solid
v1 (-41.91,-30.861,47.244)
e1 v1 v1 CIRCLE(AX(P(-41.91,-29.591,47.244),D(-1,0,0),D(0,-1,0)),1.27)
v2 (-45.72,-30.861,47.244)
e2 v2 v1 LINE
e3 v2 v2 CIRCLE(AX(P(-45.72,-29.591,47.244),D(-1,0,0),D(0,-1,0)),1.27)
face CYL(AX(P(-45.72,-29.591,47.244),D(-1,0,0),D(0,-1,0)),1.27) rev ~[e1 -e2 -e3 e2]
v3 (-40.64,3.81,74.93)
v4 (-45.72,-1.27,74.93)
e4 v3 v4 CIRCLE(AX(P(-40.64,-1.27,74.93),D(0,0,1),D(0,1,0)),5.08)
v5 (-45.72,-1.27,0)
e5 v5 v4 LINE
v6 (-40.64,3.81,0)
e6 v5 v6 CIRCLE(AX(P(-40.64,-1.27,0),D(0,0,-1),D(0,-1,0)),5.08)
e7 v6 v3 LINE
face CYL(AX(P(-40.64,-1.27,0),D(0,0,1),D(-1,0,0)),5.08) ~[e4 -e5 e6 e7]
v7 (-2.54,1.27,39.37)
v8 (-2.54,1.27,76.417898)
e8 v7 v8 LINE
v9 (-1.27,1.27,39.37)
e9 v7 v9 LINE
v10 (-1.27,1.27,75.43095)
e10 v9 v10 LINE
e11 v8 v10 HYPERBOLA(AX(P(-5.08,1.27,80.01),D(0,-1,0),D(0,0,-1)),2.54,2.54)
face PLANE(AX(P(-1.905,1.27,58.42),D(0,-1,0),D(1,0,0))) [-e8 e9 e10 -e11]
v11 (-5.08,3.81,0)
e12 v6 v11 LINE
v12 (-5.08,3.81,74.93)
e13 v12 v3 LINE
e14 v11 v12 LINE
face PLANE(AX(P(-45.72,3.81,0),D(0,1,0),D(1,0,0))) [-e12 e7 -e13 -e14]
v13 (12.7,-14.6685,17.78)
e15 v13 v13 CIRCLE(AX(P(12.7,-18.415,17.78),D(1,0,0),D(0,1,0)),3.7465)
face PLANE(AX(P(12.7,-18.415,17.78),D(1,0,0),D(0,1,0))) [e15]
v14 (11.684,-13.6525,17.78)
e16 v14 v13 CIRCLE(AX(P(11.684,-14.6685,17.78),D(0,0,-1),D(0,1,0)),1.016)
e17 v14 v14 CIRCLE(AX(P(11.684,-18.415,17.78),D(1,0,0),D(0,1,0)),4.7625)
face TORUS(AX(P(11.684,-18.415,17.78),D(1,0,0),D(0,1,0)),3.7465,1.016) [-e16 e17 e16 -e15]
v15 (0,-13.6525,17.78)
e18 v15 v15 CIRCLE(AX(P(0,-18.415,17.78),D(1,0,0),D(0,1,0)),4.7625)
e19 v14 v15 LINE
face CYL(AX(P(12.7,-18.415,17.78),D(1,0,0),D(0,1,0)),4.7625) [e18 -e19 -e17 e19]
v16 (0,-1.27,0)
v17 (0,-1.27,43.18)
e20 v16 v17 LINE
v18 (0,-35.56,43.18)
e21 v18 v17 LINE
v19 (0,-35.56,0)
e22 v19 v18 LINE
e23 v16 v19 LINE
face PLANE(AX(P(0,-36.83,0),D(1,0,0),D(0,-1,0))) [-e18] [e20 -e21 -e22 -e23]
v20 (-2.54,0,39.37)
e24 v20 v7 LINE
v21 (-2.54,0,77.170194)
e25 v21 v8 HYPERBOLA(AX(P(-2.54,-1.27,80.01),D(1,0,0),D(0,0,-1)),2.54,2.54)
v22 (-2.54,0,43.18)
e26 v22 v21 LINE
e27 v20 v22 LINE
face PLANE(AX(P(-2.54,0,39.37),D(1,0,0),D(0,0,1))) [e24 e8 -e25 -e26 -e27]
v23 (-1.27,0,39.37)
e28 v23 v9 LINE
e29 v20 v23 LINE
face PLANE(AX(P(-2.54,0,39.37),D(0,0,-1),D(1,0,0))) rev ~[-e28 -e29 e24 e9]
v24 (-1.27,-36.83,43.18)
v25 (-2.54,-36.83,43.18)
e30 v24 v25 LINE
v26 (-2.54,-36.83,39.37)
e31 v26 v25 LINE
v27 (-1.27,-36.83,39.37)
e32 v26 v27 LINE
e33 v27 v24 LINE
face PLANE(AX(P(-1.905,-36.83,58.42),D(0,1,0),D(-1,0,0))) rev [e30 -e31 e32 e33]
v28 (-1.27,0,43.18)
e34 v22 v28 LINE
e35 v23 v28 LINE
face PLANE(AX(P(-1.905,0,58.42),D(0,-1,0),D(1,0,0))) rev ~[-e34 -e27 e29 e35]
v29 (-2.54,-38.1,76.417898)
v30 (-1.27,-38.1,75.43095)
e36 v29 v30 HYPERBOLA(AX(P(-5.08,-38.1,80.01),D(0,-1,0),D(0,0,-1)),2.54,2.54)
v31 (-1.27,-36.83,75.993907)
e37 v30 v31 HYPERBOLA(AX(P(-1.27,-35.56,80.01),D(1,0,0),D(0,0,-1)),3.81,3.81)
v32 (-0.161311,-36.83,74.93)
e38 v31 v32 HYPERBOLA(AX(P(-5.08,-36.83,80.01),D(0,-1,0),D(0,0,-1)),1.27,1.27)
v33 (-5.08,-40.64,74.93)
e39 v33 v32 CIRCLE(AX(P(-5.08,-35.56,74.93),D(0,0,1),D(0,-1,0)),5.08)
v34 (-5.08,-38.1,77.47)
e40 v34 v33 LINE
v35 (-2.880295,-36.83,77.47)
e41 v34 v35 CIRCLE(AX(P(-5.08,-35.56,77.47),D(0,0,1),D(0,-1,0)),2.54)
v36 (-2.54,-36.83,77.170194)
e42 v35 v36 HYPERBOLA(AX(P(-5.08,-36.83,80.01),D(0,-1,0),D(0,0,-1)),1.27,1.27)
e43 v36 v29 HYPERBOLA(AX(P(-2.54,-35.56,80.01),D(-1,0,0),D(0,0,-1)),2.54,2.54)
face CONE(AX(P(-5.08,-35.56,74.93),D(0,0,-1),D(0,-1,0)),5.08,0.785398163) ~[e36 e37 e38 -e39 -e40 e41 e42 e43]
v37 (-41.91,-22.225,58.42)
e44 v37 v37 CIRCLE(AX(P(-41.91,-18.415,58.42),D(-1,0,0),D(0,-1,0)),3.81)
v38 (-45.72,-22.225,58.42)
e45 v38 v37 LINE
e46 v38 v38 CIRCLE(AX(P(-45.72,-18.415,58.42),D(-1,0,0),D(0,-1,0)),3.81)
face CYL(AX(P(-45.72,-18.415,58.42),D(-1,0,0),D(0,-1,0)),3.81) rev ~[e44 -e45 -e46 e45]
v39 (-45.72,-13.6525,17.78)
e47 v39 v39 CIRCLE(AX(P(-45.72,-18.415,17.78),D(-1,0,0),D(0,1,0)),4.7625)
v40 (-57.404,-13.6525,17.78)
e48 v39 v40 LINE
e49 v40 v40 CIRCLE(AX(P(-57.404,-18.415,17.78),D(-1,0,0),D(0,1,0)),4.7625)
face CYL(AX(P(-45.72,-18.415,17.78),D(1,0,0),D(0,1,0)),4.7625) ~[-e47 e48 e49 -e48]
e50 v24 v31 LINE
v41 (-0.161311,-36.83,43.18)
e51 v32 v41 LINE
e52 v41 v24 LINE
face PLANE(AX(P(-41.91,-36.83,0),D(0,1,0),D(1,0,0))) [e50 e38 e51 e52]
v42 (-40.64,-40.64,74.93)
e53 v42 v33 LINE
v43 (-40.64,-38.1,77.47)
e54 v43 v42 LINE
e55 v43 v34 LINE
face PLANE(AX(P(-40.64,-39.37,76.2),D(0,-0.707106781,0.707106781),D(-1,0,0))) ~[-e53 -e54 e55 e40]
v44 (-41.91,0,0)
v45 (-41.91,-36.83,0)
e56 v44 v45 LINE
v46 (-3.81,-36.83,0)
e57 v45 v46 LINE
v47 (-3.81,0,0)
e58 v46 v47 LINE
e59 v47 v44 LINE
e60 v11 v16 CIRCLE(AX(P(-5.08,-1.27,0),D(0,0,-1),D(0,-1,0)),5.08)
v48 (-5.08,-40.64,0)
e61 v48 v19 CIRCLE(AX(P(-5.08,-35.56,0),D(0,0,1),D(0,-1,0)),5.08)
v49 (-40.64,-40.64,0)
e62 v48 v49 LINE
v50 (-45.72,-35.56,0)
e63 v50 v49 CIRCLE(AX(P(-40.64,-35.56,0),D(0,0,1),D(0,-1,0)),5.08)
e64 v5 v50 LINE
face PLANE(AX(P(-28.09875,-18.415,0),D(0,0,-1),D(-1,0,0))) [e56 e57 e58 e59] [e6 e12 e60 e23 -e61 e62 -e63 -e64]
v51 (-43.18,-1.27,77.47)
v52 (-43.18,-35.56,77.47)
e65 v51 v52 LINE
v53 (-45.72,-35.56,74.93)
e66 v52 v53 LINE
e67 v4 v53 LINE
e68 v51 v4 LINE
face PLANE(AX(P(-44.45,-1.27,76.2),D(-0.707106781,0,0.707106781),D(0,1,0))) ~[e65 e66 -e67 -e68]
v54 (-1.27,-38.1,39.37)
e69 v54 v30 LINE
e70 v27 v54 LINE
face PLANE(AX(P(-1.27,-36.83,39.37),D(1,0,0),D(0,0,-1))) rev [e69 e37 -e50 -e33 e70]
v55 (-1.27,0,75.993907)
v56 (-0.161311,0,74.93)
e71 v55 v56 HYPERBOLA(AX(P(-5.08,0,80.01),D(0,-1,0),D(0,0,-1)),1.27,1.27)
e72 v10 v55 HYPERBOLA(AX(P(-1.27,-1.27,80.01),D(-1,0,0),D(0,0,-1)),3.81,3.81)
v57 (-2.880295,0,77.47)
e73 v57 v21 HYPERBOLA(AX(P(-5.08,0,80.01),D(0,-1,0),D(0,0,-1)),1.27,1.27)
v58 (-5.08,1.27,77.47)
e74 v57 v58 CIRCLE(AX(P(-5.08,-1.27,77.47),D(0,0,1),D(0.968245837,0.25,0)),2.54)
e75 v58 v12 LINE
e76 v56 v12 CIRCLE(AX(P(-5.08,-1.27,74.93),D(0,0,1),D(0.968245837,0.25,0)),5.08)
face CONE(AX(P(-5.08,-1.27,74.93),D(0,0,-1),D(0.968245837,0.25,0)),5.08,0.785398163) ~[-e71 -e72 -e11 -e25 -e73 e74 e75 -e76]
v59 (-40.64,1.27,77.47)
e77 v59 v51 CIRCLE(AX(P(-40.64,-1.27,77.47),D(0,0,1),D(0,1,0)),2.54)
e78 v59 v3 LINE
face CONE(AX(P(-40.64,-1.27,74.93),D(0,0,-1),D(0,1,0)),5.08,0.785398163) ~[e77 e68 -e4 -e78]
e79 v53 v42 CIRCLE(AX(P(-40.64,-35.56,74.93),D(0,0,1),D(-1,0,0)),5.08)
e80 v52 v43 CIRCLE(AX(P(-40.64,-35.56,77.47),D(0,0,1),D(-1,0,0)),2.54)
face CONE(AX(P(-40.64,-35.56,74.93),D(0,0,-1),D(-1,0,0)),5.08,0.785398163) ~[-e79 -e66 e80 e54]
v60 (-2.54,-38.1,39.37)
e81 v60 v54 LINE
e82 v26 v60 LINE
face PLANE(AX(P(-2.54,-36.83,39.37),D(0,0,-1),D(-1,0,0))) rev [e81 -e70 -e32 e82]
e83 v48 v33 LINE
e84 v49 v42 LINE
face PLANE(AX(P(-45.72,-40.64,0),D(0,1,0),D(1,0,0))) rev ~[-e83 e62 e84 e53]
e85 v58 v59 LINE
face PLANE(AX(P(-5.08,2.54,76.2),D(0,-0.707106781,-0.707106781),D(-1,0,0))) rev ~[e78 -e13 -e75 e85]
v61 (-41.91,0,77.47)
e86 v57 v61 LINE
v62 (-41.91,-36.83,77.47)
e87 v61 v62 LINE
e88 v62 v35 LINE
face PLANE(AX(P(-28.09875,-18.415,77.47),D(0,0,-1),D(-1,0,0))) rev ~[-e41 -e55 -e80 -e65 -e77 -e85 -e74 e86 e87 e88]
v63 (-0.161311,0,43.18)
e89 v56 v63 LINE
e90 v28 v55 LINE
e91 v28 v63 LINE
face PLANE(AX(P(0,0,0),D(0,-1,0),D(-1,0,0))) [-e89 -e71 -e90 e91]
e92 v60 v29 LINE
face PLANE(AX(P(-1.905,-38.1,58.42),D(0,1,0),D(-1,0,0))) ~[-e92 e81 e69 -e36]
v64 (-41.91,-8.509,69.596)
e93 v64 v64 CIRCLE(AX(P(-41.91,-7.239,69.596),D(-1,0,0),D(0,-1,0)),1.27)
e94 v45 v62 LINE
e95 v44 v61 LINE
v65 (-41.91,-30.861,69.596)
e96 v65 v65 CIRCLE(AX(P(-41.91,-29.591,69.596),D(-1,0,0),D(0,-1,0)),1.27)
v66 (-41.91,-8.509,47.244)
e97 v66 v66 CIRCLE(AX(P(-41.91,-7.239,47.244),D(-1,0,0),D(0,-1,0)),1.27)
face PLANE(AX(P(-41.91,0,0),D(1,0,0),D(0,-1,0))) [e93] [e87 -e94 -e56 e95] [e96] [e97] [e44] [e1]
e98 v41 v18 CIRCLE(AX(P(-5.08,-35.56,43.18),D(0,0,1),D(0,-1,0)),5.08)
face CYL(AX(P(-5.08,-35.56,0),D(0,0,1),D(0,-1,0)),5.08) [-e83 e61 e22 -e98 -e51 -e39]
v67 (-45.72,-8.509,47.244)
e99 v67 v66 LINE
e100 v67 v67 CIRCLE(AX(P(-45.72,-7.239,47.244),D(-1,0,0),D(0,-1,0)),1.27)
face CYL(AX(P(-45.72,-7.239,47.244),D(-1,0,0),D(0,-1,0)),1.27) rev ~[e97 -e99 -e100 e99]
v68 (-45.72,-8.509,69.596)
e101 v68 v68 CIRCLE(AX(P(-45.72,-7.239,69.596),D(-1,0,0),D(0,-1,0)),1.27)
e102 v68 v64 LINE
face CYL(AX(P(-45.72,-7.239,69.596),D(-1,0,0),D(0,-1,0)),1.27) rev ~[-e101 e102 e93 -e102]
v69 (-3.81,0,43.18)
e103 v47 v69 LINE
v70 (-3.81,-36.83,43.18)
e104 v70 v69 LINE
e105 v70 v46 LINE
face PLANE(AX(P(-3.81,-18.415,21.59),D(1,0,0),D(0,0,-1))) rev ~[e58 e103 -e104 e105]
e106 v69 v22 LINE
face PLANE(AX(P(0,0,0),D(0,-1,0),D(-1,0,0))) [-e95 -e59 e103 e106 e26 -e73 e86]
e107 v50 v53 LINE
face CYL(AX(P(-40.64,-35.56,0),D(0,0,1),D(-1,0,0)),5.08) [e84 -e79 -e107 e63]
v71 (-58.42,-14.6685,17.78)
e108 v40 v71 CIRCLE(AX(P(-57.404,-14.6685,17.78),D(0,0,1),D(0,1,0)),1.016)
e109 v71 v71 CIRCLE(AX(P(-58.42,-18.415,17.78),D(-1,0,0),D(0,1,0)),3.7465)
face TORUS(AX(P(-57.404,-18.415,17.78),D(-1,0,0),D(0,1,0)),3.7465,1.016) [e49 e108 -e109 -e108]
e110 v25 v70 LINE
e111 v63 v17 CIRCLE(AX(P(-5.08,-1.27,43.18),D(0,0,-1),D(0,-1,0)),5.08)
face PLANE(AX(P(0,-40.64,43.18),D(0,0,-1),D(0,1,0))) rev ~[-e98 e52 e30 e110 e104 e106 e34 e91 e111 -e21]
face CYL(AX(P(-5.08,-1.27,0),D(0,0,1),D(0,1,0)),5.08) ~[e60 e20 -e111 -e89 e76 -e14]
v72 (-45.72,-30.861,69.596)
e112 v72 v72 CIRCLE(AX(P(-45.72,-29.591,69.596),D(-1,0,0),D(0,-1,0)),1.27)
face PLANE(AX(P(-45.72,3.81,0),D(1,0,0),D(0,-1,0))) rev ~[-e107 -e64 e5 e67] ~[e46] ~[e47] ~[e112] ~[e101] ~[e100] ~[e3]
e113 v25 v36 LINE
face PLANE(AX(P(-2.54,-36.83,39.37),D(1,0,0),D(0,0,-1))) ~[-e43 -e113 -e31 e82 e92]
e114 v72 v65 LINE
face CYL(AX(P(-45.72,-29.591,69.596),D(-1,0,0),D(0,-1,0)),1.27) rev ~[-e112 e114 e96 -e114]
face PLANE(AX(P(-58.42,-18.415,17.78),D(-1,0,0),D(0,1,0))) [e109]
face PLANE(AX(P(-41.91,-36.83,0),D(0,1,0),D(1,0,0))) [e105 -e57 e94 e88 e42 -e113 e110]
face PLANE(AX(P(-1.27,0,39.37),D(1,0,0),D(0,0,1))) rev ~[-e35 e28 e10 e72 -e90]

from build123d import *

# Parameters (mm, degrees)
BOSS_EXTRUDE1_DEPTH = 77.47
SKETCH2_W           = 43.18
SKETCH2_H           = 44.45
BOSS_EXTRUDE2_DEPTH = 3.81
SKETCH3_R           = 3.81
SKETCH3_R_2         = 1.27
CUT_EXTRUDE1_DEPTH  = 3.81
SKETCH4_R           = 4.7625
BOSS_EXTRUDE3_DEPTH = 12.7
BOSS_EXTRUDE4_START = 12.7
SKETCH5_R           = 4.7625
BOSS_EXTRUDE4_DEPTH = 12.7
FILLET1_R           = 1.016
SKETCH6_W           = 1.27
SKETCH6_H           = 38.1
CUT_EXTRUDE2_DEPTH  = 1.27
FILLET2_R           = 5.08
CHAMFER1_SIZE       = 2.54


with BuildPart() as part:
    # Sketch1 → Boss-Extrude1 (new body)
    with BuildSketch(Plane.XY):
        Polygon((0, 0), (-41.91, 0), (-41.91, -36.83), (0, -36.83), (0, -40.64), (-41.91, -40.64), (-45.72, -40.64), (-45.72, 0), (-45.72, 3.81), (0, 3.81), align=None)
    extrude(amount=BOSS_EXTRUDE1_DEPTH)

    # Sketch2 → Boss-Extrude2 (add)
    with BuildSketch(Plane(origin=(0, 0, 0), x_dir=(0, 0, -1), z_dir=(1, 0, 0))):
        with Locations((-21.59, -18.415)):
            Rectangle(SKETCH2_W, SKETCH2_H)
    extrude(amount=-BOSS_EXTRUDE2_DEPTH)

    # Sketch3 → Cut-Extrude1 (cut)
    with BuildSketch(Plane.ZY.offset(45.72)):
        with Locations(Location((58.42, -18.415, 0), (0, 0, 270))):
            Circle(SKETCH3_R)
        with Locations(Location((47.244, -7.239, 0), (0, 0, 270))):
            Circle(SKETCH3_R_2)
        with Locations(Location((69.596, -7.239, 0), (0, 0, 270))):
            Circle(SKETCH3_R_2)
        with Locations(Location((69.596, -29.591, 0), (0, 0, 270))):
            Circle(SKETCH3_R_2)
        with Locations(Location((47.244, -29.591, 0), (0, 0, 270))):
            Circle(SKETCH3_R_2)
    extrude(amount=-CUT_EXTRUDE1_DEPTH, mode=Mode.SUBTRACT)

    # Sketch4 → Boss-Extrude3 (add)
    with BuildSketch(Plane.ZY.offset(45.72)):
        with Locations(Location((17.78, -18.415, 0), (0, 0, 90))):
            Circle(SKETCH4_R)
    extrude(amount=BOSS_EXTRUDE3_DEPTH)

    # Sketch5 → Boss-Extrude4 (add)
    with BuildSketch(Plane(origin=(0, 0, 0), x_dir=(0, 0, -1), z_dir=(1, 0, 0)).offset(BOSS_EXTRUDE4_START)):
        with Locations(Location((-17.78, -18.415, 0), (0, 0, 90))):
            Circle(SKETCH5_R)
    extrude(amount=-BOSS_EXTRUDE4_DEPTH)

    # Fillet1
    fillet1_edges = [part.edges().sort_by_distance(p)[0] for p in [
        (-58.42, -23.1775, 17.78),
        (12.7, -23.1775, 17.78),
    ]]
    fillet(fillet1_edges, radius=FILLET1_R)

    # Sketch6 → Cut-Extrude2 (cut)
    with BuildSketch(Plane.XZ):
        with Locations((-1.905, 58.42)):
            Rectangle(SKETCH6_W, SKETCH6_H)
    cut_extrude2 = extrude(amount=-CUT_EXTRUDE2_DEPTH, mode=Mode.SUBTRACT)

    # Mirror1: Cut-Extrude2 across plane
    add(cut_extrude2.mirror(Plane(origin=(0, -18.415, 0), x_dir=(0, 0, 1), z_dir=(0, -1, 0))), mode=Mode.SUBTRACT)

    # Fillet2
    fillet2_edges = [part.edges().sort_by_distance(p)[0] for p in [
        (-45.72, 3.81, 38.735),
        (0, 3.81, 38.735),
        (0, -40.64, 38.735),
        (-45.72, -40.64, 38.735),
    ]]
    fillet(fillet2_edges, radius=FILLET2_R)

    # Chamfer1
    chamfer1_edges = [part.edges().sort_by_distance(p)[0] for p in [
        (-1.969148027, -39.576092628, 77.47),
        (-22.86, -40.64, 77.47),
        (-44.232102448, -39.152102448, 77.47),
        (-45.72, -18.415, 77.47),
        (-1.969148027, 2.746092628, 77.47),
        (-44.232102448, 2.322102448, 77.47),
        (-22.86, 3.81, 77.47),
    ]]
    chamfer(chamfer1_edges, length=CHAMFER1_SIZE)


solid = part.part
